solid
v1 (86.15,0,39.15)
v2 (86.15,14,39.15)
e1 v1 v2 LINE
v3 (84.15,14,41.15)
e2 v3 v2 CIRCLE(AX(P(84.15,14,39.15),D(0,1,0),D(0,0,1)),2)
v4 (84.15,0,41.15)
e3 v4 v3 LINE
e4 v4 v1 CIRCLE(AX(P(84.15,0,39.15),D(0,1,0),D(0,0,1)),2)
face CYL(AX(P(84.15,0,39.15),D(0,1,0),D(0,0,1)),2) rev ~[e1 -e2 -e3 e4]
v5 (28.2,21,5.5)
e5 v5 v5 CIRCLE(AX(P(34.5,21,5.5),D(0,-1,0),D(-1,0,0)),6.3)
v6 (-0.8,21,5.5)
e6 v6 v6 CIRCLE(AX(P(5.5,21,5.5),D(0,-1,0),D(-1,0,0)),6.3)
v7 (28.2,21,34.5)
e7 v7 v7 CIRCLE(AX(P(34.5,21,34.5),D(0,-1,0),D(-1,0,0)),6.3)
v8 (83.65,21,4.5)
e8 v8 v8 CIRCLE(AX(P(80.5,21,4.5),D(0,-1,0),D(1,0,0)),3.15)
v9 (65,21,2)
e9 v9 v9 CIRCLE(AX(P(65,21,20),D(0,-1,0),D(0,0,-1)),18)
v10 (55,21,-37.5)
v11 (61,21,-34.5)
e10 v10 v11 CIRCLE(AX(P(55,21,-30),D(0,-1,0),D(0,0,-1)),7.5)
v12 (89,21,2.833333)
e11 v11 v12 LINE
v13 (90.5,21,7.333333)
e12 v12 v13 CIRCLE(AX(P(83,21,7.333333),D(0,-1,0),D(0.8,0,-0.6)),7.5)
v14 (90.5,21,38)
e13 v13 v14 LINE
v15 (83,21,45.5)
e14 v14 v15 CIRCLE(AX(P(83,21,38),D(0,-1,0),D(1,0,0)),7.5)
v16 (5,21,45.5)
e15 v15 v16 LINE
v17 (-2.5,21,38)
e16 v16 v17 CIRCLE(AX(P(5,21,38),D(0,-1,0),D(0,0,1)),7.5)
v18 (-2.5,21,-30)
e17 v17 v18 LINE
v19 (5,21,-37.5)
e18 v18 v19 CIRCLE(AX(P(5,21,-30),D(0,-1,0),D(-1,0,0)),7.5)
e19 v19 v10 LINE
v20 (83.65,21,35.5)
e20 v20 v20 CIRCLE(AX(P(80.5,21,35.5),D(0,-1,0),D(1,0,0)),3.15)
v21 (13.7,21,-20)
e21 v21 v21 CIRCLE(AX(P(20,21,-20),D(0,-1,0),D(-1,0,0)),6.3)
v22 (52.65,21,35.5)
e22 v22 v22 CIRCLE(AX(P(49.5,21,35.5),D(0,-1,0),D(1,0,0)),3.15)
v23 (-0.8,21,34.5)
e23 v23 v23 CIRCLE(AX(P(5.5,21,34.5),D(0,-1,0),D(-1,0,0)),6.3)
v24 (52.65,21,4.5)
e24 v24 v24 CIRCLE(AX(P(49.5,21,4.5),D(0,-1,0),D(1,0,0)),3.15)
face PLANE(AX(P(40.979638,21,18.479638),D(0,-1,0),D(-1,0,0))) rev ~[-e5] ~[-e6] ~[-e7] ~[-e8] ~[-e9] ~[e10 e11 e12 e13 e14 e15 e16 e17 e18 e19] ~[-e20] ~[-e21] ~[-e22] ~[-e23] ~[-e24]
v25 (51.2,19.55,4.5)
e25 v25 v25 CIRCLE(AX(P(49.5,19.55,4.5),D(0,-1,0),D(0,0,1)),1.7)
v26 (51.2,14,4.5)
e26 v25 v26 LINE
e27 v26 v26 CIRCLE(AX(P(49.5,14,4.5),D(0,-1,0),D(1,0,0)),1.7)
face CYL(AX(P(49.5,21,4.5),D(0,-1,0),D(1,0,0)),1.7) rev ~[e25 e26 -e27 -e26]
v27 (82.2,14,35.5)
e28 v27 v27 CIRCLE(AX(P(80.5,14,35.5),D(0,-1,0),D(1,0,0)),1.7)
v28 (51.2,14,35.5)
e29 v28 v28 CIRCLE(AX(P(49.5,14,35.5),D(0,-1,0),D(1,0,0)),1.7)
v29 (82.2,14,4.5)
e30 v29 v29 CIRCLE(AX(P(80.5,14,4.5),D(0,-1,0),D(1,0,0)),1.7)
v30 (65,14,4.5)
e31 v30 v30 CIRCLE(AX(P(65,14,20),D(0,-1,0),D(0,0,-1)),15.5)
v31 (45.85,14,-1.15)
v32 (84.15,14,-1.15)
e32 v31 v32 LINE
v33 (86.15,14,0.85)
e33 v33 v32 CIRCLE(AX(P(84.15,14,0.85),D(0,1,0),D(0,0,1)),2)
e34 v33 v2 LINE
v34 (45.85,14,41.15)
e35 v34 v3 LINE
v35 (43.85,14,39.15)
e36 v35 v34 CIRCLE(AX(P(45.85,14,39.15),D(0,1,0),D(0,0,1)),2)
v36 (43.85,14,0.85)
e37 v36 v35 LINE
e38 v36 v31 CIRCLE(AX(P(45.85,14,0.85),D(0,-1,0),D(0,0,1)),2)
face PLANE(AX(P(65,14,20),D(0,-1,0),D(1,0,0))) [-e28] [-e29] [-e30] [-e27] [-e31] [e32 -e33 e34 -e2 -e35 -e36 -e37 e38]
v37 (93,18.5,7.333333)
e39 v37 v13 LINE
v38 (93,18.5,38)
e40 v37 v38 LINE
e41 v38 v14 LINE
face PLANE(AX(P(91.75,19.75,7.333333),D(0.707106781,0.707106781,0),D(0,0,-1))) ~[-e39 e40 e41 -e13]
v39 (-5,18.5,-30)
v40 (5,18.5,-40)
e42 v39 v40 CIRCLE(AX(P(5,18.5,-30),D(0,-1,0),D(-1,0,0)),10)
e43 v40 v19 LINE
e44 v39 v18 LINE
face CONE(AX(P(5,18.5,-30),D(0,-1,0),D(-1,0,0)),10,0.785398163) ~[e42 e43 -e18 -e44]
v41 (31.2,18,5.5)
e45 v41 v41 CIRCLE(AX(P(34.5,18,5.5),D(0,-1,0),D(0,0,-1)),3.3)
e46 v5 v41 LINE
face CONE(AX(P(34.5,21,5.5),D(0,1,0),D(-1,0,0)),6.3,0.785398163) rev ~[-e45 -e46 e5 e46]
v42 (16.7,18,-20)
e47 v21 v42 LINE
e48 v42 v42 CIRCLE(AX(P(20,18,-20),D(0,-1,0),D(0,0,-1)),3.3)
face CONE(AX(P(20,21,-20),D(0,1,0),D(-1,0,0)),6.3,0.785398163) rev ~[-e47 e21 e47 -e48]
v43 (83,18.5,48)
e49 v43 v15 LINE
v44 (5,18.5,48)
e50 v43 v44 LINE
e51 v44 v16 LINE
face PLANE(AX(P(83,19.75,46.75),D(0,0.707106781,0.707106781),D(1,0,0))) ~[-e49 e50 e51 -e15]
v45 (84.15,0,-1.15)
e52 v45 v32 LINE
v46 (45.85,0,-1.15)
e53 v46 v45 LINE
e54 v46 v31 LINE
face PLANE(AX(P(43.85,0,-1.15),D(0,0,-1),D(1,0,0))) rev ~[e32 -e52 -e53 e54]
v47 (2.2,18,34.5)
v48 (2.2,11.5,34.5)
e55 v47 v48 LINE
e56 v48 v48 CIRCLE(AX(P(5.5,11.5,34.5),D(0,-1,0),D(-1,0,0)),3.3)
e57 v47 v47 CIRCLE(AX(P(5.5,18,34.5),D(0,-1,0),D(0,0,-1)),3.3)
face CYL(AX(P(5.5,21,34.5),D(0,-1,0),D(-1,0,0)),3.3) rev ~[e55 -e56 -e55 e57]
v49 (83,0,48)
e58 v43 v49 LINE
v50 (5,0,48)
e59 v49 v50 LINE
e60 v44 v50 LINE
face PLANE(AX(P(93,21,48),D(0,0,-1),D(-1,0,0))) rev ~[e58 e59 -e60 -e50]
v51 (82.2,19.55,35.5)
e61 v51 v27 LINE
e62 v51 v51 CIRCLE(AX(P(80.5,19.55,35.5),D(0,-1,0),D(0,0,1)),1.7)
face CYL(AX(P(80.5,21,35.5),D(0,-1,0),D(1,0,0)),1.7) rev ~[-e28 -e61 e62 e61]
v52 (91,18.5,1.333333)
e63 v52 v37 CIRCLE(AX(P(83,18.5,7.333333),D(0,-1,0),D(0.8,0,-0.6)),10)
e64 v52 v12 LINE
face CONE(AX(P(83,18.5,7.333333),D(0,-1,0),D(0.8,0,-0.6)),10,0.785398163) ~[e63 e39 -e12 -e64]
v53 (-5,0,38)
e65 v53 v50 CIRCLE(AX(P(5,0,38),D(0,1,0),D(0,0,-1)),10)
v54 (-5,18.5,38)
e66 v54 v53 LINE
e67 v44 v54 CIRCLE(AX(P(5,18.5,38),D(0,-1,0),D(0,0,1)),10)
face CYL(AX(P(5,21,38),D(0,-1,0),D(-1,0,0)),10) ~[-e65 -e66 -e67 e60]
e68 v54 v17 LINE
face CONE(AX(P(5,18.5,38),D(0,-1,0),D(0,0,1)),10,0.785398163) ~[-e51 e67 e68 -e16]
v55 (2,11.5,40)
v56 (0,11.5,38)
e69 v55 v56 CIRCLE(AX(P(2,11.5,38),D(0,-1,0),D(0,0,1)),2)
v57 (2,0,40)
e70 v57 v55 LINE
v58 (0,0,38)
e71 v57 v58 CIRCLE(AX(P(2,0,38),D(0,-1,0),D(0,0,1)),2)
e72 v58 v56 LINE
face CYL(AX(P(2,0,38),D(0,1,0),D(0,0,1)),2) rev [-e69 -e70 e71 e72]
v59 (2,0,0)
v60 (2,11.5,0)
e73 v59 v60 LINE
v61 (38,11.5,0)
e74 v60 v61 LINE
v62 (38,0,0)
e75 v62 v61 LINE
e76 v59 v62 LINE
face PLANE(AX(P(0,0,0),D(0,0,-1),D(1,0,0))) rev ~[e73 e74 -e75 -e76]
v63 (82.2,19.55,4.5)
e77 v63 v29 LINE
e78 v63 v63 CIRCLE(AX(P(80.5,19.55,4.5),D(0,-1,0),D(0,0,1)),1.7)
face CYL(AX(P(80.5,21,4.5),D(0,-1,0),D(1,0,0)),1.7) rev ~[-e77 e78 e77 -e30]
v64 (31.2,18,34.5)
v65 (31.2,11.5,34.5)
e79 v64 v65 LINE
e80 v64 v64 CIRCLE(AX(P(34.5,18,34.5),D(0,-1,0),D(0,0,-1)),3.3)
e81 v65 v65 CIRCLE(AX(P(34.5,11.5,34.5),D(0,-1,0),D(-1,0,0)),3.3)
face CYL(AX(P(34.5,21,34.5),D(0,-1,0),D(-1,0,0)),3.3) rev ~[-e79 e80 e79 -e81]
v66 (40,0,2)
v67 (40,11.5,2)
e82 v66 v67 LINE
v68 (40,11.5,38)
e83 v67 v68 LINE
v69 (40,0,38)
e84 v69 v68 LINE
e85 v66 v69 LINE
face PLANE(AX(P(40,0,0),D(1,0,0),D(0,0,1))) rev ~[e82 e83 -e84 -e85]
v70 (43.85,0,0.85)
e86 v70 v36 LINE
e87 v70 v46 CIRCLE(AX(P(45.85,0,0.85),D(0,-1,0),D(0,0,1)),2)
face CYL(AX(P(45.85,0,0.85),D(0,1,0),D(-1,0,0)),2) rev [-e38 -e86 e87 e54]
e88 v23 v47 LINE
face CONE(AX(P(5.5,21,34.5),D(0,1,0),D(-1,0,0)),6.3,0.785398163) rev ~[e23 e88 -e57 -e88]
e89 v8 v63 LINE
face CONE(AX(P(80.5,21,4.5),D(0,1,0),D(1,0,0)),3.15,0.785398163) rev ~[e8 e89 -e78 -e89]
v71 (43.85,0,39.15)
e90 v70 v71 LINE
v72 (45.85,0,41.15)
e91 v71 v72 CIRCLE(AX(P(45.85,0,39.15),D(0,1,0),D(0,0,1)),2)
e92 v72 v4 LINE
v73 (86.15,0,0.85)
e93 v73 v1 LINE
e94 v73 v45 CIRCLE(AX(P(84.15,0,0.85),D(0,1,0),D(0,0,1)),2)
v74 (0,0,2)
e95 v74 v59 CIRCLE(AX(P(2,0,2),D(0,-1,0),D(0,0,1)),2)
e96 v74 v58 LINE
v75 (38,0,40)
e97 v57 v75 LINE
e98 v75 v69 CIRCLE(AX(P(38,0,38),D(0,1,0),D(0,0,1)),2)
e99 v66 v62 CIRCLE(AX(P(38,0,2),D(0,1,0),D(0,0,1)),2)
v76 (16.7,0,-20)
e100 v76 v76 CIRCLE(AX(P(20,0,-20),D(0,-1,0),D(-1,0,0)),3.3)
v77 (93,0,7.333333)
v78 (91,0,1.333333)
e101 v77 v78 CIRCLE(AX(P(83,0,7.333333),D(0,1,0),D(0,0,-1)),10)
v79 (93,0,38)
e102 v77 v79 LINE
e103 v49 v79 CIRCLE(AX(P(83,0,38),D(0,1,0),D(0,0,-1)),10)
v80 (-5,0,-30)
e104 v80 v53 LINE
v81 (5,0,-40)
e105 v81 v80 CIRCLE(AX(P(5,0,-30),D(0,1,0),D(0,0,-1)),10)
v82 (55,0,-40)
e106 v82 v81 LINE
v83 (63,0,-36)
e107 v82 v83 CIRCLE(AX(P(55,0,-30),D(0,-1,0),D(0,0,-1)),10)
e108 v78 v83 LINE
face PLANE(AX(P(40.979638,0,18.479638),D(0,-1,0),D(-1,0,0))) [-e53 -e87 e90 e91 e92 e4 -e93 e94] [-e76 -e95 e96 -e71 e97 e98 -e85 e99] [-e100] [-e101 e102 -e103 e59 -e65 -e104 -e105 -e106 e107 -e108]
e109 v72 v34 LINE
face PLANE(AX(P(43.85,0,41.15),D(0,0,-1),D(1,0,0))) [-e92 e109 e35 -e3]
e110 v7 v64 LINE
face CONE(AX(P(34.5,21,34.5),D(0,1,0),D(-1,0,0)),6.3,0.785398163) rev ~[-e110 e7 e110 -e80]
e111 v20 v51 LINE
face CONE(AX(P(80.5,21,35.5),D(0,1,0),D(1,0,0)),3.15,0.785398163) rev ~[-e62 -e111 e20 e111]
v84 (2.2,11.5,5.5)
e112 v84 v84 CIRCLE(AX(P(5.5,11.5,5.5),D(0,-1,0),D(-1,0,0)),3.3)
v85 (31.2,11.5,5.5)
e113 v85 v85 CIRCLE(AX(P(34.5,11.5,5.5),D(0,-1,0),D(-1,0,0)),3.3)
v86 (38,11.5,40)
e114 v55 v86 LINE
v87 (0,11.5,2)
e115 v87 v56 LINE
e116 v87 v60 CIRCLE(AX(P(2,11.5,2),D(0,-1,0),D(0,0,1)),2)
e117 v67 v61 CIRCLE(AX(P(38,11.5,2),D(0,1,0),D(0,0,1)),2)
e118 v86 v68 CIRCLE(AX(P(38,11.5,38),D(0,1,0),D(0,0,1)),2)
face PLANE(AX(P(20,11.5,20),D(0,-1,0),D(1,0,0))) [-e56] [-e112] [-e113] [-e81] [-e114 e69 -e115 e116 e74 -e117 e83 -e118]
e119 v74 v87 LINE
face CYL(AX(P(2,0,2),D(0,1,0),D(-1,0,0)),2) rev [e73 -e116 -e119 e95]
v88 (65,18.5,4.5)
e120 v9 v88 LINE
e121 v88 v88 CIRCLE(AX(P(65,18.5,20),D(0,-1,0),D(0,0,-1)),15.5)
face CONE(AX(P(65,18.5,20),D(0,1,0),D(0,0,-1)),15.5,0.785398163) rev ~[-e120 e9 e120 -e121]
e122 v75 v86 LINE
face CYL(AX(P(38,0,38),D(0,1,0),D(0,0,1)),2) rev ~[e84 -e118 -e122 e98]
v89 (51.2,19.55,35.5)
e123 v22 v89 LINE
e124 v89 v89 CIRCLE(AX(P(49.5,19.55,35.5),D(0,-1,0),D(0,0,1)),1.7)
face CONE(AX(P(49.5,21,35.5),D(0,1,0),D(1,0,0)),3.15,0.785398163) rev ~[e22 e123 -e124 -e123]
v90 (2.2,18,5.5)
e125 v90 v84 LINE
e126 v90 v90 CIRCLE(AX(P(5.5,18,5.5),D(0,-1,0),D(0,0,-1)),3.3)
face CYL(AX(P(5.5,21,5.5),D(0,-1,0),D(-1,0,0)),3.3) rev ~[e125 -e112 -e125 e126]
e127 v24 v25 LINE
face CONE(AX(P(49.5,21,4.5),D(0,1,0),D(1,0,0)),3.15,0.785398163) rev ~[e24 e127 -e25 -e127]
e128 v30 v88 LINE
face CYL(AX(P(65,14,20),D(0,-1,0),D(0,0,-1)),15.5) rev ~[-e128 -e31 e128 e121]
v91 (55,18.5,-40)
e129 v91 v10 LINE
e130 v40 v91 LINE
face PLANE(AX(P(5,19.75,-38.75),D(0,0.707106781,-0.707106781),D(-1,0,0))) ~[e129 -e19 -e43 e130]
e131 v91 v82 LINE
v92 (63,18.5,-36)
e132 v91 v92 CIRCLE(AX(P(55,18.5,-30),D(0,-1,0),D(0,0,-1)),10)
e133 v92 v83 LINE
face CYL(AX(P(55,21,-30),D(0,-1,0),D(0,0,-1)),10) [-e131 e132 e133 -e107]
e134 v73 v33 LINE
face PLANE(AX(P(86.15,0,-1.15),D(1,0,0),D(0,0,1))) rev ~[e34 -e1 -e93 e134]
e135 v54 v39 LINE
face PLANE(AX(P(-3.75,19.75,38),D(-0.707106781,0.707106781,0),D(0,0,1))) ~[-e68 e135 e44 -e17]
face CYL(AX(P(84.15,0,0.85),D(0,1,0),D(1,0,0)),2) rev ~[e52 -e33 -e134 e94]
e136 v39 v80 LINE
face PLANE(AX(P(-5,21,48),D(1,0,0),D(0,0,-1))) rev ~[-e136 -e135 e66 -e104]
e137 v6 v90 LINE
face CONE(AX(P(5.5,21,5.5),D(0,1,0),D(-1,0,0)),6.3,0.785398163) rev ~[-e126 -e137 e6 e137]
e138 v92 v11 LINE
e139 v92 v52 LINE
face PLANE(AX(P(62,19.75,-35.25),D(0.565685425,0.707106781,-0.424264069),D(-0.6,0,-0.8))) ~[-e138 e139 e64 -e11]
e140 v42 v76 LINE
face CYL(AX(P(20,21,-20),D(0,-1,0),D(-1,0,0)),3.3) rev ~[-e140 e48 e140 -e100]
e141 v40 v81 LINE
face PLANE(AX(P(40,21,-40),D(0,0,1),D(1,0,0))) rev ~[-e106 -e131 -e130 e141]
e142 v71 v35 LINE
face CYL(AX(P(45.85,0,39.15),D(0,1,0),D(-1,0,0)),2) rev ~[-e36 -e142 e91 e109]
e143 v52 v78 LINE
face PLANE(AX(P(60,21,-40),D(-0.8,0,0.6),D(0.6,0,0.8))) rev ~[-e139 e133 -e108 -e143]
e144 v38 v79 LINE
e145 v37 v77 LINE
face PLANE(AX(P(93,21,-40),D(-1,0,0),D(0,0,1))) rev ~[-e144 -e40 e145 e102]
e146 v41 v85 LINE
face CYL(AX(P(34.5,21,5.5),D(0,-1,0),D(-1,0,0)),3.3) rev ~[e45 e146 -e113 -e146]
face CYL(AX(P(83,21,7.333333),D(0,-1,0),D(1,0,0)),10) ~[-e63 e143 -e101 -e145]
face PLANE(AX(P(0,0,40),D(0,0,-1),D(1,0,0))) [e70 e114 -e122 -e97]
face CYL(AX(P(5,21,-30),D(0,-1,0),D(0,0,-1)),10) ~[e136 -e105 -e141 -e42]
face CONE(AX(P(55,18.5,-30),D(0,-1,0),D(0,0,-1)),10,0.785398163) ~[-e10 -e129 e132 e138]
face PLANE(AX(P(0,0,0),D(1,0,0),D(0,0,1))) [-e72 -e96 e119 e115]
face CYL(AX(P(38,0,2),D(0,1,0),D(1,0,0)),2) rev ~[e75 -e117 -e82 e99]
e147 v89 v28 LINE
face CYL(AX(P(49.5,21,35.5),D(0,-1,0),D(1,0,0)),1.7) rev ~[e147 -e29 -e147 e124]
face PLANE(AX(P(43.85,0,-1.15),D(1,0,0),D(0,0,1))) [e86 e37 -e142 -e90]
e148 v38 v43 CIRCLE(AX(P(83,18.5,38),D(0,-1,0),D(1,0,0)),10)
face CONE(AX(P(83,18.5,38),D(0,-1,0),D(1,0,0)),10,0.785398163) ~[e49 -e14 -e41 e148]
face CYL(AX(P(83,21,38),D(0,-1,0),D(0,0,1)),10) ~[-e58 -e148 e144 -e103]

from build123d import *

# Parameters (mm, degrees)
SKETCH_1_W                 = 80
SKETCH_1_H                 = 80
EXTRUDE_278_DEPTH          = 21
EXTRUDE_2_DEPTH            = 21
HOLE_WIZARD_M6_D           = 6.6
HOLE_WIZARD_M6_CSINK_D     = 12.6
HOLE_WIZARD_M6_CSINK_ANGLE = 90
SKETCH_10_W                = 40
SKETCH_10_H                = 40
CUT_EXTRUDE_40_DEPTH       = 11.5
SKETCH_11_W                = 42.3
SKETCH_11_H                = 42.3
NEMA17_DEPTH               = 14
NEMA17_M3_D                = 3.4
NEMA17_M3_CSINK_D          = 6.3
NEMA17_M3_CSINK_ANGLE      = 90
FILLET_1_R                 = 2
SKETCH_14_R                = 15.5
NEMA23_DEPTH               = 106.588825166
SKETCH_2_W                 = 35
SKETCH_2_H                 = 88
CUT_EXTRUDE_4267_DEPTH     = 107.742681248
CUT_EXTRUDE_1_DEPTH        = 107.742681248
FILLET_2_R                 = 10
CHAMFER_1_SIZE             = 2.5


with BuildPart() as part:
    # Эскиз1 → Extrude 278 (new body)
    with BuildSketch(Plane(origin=(0, 0, 0), x_dir=(1, 0, 0), z_dir=(0, 1, 0))):
        Rectangle(SKETCH_1_W, SKETCH_1_H)
    extrude(amount=EXTRUDE_278_DEPTH)

    # Эскиз9 → База-2 (add)
    with BuildSketch(Plane(origin=(0, 21, 0), x_dir=(1, 0, 0), z_dir=(0, 1, 0))):
        Polygon((40, 40), (93, 40), (93, -48), (-40, -48), (-40, -40), (40, -40), align=None)
    extrude(amount=-EXTRUDE_2_DEPTH)

    # Крепление-M6 (through all)
    with Locations(Plane(origin=(0, 21, 0), x_dir=(1, 0, 0), z_dir=(0, 1, 0))):
        with Locations((-20, -20), (20, 20), (5.5, -5.5), (34.5, -5.5), (34.5, -34.5), (5.5, -34.5)):
            CounterSinkHole(HOLE_WIZARD_M6_D / 2, HOLE_WIZARD_M6_CSINK_D / 2, counter_sink_angle=HOLE_WIZARD_M6_CSINK_ANGLE)

    # Эскиз10 → Профиль-40 (cut)
    with BuildSketch(Plane.XZ):
        with Locations((20, 20)):
            Rectangle(SKETCH_10_W, SKETCH_10_H)
    extrude(amount=-CUT_EXTRUDE_40_DEPTH, mode=Mode.SUBTRACT)

    # Эскиз11 → Nema17 (cut)
    with BuildSketch(Plane.XZ):
        with Locations((65, 20)):
            Rectangle(SKETCH_11_W, SKETCH_11_H)
    extrude(amount=-NEMA17_DEPTH, mode=Mode.SUBTRACT)

    # Nema17-M3 (through all)
    with Locations(Plane(origin=(0, 21, 0), x_dir=(-1, 0, 0), z_dir=(0, 1, 0))):
        with Locations((-49.5, 35.5), (-80.5, 35.5), (-80.5, 4.5), (-49.5, 4.5)):
            CounterSinkHole(NEMA17_M3_D / 2, NEMA17_M3_CSINK_D / 2, counter_sink_angle=NEMA17_M3_CSINK_ANGLE)

    # Скругление1
    fillet_1_edges = [part.edges().sort_by_distance(p)[0] for p in [
        (0, 5.75, 0),
        (0, 5.75, 40),
        (40, 5.75, 40),
        (40, 5.75, 0),
        (86.15, 7, 41.15),
        (86.15, 7, -1.15),
        (43.85, 7, -1.15),
        (43.85, 7, 41.15),
    ]]
    fillet(fillet_1_edges, radius=FILLET_1_R)

    # Эскиз14 → Вырез-Nema23 (cut, through all)
    with BuildSketch(Plane.XZ.offset(-14)):
        with Locations(Location((65, 20, 0), (0, 0, 270))):
            Circle(SKETCH_14_R)
    extrude(amount=-NEMA23_DEPTH, mode=Mode.SUBTRACT)

    # Эскиз2 → Cut-Extrude 4267 (cut, through all)
    with BuildSketch(Plane(origin=(0, 21, 0), x_dir=(1, 0, 0), z_dir=(0, 1, 0))):
        with Locations((-22.5, -4)):
            Rectangle(SKETCH_2_W, SKETCH_2_H)
    extrude(amount=-CUT_EXTRUDE_4267_DEPTH, mode=Mode.SUBTRACT)

    # Эскиз15 → Вырез-Вытянуть1 (cut, through all)
    with BuildSketch(Plane(origin=(0, 21, 0), x_dir=(1, 0, 0), z_dir=(0, 1, 0))):
        Polygon((60, 40), (93, -4), (93, 40), align=None)
    extrude(amount=-CUT_EXTRUDE_1_DEPTH, mode=Mode.SUBTRACT)

    # Скругление2
    fillet_2_edges = [part.edges().sort_by_distance(p)[0] for p in [
        (93, 10.5, 48),
        (-5, 10.5, -40),
        (-5, 10.5, 48),
        (60, 10.5, -40),
        (93, 10.5, 4),
    ]]
    fillet(fillet_2_edges, radius=FILLET_2_R)

    # Фаска1
    chamfer_1_edges = [part.edges().sort_by_distance(p)[0] for p in [
        (65, 21, 35.5),
        (93, 21, 22.666666667),
        (77, 21, -17.333333333),
        (30, 21, -40),
        (-5, 21, 4),
        (44, 21, 48),
        (-2.071067812, 21, 45.071067812),
        (90.071067812, 21, 45.071067812),
        (-2.071067812, 21, -37.071067812),
        (59.472135955, 21, -38.94427191),
        (92.486832981, 21, 4.171055673),
    ]]
    chamfer(chamfer_1_edges, length=CHAMFER_1_SIZE)


solid = part.part
